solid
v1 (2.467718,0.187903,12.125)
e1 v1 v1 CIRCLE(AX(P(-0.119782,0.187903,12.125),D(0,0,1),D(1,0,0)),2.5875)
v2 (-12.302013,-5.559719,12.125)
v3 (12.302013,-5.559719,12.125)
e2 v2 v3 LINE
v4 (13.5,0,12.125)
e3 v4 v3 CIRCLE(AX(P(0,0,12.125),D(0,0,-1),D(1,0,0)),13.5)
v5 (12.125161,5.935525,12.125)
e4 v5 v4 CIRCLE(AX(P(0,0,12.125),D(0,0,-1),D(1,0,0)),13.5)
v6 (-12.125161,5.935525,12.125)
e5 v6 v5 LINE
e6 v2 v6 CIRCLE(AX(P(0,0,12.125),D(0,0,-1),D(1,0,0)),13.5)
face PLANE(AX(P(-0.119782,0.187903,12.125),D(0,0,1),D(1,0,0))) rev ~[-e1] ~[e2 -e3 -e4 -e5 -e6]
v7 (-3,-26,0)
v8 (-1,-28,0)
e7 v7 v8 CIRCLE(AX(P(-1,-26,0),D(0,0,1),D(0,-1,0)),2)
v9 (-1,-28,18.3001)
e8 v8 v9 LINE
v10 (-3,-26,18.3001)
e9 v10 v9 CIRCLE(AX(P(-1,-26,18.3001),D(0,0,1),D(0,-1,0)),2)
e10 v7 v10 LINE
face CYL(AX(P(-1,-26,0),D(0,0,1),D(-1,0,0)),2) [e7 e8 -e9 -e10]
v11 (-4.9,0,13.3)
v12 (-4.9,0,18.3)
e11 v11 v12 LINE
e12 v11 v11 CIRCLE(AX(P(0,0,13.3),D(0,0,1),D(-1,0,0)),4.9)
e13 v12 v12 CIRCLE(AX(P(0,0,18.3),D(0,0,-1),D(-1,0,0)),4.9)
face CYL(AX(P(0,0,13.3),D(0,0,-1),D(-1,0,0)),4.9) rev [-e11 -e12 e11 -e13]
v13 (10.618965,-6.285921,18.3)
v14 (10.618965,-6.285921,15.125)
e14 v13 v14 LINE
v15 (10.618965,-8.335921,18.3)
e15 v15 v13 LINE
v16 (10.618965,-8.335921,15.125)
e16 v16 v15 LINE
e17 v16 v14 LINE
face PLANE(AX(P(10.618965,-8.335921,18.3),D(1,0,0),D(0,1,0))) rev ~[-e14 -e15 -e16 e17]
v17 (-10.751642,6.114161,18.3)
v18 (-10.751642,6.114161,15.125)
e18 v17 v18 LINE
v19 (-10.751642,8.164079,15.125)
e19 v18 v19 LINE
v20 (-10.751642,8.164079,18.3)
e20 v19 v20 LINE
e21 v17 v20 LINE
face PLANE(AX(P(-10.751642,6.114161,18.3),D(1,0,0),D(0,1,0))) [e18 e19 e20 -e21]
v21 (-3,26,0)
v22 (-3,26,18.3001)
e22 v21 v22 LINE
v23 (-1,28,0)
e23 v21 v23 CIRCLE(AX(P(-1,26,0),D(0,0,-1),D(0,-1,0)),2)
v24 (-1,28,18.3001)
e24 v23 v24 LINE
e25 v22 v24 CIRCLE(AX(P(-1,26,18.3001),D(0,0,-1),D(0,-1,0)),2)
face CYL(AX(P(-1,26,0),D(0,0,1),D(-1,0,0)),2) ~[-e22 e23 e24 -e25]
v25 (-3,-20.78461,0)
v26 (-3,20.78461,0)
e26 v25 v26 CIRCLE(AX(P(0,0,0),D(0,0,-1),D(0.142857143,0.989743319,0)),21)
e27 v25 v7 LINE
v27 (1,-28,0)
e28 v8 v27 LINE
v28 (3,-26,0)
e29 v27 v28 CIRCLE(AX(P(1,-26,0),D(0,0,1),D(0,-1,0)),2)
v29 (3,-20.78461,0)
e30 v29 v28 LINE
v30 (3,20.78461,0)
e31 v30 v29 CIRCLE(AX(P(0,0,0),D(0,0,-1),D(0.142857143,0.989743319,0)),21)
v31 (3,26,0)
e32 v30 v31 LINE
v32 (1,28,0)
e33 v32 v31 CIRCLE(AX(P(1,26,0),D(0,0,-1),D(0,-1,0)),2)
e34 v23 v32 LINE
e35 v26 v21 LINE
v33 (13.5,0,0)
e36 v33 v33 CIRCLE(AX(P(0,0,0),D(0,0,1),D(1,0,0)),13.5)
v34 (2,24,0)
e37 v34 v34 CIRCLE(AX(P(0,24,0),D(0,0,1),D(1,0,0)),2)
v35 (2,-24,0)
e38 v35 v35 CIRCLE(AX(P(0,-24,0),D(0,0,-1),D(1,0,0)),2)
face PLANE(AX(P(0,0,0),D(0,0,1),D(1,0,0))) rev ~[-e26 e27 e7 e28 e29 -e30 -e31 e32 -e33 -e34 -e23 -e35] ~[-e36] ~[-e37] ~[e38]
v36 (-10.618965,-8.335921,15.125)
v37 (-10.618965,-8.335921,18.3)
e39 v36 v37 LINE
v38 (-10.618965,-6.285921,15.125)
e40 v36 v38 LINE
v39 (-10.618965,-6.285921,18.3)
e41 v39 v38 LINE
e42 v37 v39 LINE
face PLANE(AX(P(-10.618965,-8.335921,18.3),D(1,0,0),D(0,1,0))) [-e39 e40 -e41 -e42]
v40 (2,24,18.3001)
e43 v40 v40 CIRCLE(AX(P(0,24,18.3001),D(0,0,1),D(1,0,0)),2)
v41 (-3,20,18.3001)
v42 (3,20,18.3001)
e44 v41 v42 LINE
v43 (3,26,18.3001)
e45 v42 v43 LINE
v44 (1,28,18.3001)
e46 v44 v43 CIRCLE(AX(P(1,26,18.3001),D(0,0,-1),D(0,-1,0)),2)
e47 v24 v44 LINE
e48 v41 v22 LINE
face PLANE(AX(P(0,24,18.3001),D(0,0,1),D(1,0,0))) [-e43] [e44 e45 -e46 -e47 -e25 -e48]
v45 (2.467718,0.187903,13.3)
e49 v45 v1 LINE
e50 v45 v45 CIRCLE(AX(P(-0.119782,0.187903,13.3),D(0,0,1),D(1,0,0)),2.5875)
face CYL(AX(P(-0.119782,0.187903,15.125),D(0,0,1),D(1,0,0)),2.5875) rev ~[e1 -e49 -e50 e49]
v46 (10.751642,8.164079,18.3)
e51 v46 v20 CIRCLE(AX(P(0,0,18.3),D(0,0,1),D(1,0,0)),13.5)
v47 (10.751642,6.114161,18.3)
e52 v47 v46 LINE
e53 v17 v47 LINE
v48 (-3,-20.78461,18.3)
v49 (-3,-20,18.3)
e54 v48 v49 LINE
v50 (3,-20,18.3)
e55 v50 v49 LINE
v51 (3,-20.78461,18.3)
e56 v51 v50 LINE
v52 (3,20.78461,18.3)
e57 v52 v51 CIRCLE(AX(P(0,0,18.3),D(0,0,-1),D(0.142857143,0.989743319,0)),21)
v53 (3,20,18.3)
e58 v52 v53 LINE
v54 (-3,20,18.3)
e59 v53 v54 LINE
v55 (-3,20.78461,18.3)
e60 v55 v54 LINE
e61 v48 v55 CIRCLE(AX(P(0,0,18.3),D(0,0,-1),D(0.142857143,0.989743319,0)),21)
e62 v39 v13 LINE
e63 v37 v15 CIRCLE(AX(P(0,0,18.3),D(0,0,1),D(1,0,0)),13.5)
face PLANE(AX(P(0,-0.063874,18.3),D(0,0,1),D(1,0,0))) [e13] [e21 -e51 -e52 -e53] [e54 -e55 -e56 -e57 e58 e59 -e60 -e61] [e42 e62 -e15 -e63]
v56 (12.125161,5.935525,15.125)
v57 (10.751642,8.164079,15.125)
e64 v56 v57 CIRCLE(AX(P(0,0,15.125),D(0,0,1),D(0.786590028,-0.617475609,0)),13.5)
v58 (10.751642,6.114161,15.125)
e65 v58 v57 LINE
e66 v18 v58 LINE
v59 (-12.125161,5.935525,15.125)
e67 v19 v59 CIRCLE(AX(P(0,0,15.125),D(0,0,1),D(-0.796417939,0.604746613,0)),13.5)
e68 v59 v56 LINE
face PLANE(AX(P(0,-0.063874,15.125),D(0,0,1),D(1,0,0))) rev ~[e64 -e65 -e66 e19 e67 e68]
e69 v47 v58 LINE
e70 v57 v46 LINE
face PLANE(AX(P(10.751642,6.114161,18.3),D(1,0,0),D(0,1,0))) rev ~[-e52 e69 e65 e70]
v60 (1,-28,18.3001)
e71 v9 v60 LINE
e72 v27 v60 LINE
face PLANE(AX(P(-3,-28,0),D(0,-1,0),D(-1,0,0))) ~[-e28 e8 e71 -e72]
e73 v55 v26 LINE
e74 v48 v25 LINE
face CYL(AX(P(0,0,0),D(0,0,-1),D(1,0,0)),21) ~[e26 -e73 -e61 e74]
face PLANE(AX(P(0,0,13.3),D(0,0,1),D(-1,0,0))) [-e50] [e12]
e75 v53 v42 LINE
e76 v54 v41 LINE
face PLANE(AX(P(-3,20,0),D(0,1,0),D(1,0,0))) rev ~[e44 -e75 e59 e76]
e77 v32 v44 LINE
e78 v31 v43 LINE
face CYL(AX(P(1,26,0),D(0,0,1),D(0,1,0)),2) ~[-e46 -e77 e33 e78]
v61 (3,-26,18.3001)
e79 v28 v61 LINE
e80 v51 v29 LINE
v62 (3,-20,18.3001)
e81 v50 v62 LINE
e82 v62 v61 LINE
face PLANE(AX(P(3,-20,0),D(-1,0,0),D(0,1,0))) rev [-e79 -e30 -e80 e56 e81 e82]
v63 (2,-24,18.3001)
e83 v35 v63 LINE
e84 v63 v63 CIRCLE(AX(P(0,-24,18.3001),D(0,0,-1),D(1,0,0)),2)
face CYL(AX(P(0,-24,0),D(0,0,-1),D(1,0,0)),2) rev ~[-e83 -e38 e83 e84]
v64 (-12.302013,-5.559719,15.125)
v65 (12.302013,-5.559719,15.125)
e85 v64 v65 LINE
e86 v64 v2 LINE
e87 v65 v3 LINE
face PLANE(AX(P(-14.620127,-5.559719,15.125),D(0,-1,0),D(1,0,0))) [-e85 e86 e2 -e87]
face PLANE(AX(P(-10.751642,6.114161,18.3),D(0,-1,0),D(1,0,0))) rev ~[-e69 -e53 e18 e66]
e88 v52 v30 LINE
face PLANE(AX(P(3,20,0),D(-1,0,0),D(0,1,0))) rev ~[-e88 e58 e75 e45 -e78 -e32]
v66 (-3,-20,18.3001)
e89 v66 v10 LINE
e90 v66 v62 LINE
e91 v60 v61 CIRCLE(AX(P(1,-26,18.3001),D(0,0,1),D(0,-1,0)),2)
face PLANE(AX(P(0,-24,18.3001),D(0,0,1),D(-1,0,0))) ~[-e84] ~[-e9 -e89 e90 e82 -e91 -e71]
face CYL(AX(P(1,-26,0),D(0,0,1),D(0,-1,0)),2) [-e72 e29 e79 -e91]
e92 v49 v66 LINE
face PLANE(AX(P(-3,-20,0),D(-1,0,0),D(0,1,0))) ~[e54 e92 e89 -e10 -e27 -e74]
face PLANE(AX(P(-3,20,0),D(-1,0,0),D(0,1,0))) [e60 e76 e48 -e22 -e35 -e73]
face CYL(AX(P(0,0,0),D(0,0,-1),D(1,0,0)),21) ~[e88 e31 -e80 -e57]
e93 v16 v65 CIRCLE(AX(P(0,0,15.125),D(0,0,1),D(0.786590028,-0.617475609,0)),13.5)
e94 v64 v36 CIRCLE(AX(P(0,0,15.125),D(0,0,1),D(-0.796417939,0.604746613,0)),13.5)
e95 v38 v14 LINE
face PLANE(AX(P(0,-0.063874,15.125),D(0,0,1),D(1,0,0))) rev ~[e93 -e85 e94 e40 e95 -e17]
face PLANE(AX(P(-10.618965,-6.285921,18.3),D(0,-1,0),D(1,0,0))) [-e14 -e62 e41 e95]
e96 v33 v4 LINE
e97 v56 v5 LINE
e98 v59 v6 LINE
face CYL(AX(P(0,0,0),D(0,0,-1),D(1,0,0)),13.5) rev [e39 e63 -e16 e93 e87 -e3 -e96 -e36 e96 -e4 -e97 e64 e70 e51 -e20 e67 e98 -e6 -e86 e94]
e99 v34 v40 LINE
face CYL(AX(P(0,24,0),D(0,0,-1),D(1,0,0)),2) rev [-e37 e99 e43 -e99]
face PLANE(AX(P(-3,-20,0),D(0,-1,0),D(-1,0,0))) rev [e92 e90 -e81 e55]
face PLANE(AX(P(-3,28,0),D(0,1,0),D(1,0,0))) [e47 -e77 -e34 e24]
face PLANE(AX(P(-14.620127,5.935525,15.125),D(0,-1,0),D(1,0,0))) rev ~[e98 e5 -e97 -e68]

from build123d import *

# Parameters (mm, degrees)
SKETCH1_R               = 21
SKETCH1_R_2             = 13.5
BOSS_EXTRUDE1_DEPTH     = 18.3
BOSS_EXTRUDE3_START     = -3.175
BOSS_EXTRUDE3_DEPTH     = 3.175
SKETCH8_W               = 29.000689647
SKETCH8_H               = 11.495244731
SKETCH8_R               = 2.5875
BOSS_EXTRUDE4_DEPTH     = 3
CUT_EXTRUDE2_DEPTH      = 35.883950464
CUT_EXTRUDE2_DEPTH_BACK = 5
SKETCH7_R               = 4.9
BOSS_EXTRUDE5_START     = -18.3
SKETCH12_W              = 6
SKETCH12_H              = 8
SKETCH12_R              = 2
BOSS_EXTRUDE5_DEPTH     = 18.3001
FILLET1_R               = 2
SKETCH13_W              = 21.503284362
SKETCH13_H              = 2.04991851
SKETCH13_W_2            = 21.237930752
SKETCH13_H_2            = 2.05
CUT_EXTRUDE3_DEPTH      = 10


with BuildPart() as part:
    # Sketch1 → Boss-Extrude1 (new body)
    with BuildSketch(Plane.XY):
        Circle(SKETCH1_R)
        Circle(SKETCH1_R_2, mode=Mode.SUBTRACT)
    extrude(amount=BOSS_EXTRUDE1_DEPTH)

    # Sketch4 → Boss-Extrude3 (add)
    with BuildSketch(Plane.XY.offset(18.3).offset(BOSS_EXTRUDE3_START)):
        with BuildLine():
            Line((10.751642181, 8.164079275), (-10.751642181, 8.164079275))
            ThreePointArc((-10.751642181, 8.164079275), (-13.49956358, -0.10855024), (-10.618965376, -8.335920725))
            Line((-10.618965376, -8.335920725), (10.618965376, -8.335920725))
            ThreePointArc((10.618965376, -8.335920725), (13.49956358, -0.10855024), (10.751642181, 8.164079275))
        make_face()
    extrude(amount=BOSS_EXTRUDE3_DEPTH)

    # Sketch8 → Boss-Extrude4 (add)
    with BuildSketch(Plane.XY.offset(15.125)):
        with Locations((-0.119782029, 0.187903113)):
            Rectangle(SKETCH8_W, SKETCH8_H)
        with Locations((-0.11978203, 0.187903113)):
            Circle(SKETCH8_R, mode=Mode.SUBTRACT)
    extrude(amount=-BOSS_EXTRUDE4_DEPTH)

    # Sketch7 → Cut-Extrude2 (cut, two sides: drawn at the far end of the back side and taken through both)
    with BuildSketch(Plane.XY.offset(18.3).offset(-CUT_EXTRUDE2_DEPTH_BACK)):
        with Locations(Location((0, 0, 0), (0, 0, 180))):
            Circle(SKETCH7_R)
    extrude(amount=CUT_EXTRUDE2_DEPTH + CUT_EXTRUDE2_DEPTH_BACK, mode=Mode.SUBTRACT)

    # Sketch12 → Boss-Extrude5 (add)
    with BuildSketch(Plane.XY.offset(18.3).offset(BOSS_EXTRUDE5_START)):
        with Locations((0, 24)):
            Rectangle(SKETCH12_W, SKETCH12_H)
        with Locations((0, 24)):
            Circle(SKETCH12_R, mode=Mode.SUBTRACT)
    boss_extrude5 = extrude(amount=BOSS_EXTRUDE5_DEPTH)

    # Mirror3: Boss-Extrude5 across plane
    add(boss_extrude5.mirror(Plane.ZX))

    # Fillet1
    fillet1_edges = [part.edges().sort_by_distance(p)[0] for p in [
        (3, 28, 9.15005),
        (-3, 28, 9.15005),
        (-3, -28, 9.15005),
        (3, -28, 9.15005),
    ]]
    fillet(fillet1_edges, radius=FILLET1_R)

    # Sketch13 → Cut-Extrude3 (cut)
    with BuildSketch(Plane.XY.offset(18.3)):
        with Locations((0, 7.13912002)):
            Rectangle(SKETCH13_W, SKETCH13_H)
        with Locations((0, -7.310920725)):
            Rectangle(SKETCH13_W_2, SKETCH13_H_2)
    extrude(amount=-CUT_EXTRUDE3_DEPTH, mode=Mode.SUBTRACT)


solid = part.part
